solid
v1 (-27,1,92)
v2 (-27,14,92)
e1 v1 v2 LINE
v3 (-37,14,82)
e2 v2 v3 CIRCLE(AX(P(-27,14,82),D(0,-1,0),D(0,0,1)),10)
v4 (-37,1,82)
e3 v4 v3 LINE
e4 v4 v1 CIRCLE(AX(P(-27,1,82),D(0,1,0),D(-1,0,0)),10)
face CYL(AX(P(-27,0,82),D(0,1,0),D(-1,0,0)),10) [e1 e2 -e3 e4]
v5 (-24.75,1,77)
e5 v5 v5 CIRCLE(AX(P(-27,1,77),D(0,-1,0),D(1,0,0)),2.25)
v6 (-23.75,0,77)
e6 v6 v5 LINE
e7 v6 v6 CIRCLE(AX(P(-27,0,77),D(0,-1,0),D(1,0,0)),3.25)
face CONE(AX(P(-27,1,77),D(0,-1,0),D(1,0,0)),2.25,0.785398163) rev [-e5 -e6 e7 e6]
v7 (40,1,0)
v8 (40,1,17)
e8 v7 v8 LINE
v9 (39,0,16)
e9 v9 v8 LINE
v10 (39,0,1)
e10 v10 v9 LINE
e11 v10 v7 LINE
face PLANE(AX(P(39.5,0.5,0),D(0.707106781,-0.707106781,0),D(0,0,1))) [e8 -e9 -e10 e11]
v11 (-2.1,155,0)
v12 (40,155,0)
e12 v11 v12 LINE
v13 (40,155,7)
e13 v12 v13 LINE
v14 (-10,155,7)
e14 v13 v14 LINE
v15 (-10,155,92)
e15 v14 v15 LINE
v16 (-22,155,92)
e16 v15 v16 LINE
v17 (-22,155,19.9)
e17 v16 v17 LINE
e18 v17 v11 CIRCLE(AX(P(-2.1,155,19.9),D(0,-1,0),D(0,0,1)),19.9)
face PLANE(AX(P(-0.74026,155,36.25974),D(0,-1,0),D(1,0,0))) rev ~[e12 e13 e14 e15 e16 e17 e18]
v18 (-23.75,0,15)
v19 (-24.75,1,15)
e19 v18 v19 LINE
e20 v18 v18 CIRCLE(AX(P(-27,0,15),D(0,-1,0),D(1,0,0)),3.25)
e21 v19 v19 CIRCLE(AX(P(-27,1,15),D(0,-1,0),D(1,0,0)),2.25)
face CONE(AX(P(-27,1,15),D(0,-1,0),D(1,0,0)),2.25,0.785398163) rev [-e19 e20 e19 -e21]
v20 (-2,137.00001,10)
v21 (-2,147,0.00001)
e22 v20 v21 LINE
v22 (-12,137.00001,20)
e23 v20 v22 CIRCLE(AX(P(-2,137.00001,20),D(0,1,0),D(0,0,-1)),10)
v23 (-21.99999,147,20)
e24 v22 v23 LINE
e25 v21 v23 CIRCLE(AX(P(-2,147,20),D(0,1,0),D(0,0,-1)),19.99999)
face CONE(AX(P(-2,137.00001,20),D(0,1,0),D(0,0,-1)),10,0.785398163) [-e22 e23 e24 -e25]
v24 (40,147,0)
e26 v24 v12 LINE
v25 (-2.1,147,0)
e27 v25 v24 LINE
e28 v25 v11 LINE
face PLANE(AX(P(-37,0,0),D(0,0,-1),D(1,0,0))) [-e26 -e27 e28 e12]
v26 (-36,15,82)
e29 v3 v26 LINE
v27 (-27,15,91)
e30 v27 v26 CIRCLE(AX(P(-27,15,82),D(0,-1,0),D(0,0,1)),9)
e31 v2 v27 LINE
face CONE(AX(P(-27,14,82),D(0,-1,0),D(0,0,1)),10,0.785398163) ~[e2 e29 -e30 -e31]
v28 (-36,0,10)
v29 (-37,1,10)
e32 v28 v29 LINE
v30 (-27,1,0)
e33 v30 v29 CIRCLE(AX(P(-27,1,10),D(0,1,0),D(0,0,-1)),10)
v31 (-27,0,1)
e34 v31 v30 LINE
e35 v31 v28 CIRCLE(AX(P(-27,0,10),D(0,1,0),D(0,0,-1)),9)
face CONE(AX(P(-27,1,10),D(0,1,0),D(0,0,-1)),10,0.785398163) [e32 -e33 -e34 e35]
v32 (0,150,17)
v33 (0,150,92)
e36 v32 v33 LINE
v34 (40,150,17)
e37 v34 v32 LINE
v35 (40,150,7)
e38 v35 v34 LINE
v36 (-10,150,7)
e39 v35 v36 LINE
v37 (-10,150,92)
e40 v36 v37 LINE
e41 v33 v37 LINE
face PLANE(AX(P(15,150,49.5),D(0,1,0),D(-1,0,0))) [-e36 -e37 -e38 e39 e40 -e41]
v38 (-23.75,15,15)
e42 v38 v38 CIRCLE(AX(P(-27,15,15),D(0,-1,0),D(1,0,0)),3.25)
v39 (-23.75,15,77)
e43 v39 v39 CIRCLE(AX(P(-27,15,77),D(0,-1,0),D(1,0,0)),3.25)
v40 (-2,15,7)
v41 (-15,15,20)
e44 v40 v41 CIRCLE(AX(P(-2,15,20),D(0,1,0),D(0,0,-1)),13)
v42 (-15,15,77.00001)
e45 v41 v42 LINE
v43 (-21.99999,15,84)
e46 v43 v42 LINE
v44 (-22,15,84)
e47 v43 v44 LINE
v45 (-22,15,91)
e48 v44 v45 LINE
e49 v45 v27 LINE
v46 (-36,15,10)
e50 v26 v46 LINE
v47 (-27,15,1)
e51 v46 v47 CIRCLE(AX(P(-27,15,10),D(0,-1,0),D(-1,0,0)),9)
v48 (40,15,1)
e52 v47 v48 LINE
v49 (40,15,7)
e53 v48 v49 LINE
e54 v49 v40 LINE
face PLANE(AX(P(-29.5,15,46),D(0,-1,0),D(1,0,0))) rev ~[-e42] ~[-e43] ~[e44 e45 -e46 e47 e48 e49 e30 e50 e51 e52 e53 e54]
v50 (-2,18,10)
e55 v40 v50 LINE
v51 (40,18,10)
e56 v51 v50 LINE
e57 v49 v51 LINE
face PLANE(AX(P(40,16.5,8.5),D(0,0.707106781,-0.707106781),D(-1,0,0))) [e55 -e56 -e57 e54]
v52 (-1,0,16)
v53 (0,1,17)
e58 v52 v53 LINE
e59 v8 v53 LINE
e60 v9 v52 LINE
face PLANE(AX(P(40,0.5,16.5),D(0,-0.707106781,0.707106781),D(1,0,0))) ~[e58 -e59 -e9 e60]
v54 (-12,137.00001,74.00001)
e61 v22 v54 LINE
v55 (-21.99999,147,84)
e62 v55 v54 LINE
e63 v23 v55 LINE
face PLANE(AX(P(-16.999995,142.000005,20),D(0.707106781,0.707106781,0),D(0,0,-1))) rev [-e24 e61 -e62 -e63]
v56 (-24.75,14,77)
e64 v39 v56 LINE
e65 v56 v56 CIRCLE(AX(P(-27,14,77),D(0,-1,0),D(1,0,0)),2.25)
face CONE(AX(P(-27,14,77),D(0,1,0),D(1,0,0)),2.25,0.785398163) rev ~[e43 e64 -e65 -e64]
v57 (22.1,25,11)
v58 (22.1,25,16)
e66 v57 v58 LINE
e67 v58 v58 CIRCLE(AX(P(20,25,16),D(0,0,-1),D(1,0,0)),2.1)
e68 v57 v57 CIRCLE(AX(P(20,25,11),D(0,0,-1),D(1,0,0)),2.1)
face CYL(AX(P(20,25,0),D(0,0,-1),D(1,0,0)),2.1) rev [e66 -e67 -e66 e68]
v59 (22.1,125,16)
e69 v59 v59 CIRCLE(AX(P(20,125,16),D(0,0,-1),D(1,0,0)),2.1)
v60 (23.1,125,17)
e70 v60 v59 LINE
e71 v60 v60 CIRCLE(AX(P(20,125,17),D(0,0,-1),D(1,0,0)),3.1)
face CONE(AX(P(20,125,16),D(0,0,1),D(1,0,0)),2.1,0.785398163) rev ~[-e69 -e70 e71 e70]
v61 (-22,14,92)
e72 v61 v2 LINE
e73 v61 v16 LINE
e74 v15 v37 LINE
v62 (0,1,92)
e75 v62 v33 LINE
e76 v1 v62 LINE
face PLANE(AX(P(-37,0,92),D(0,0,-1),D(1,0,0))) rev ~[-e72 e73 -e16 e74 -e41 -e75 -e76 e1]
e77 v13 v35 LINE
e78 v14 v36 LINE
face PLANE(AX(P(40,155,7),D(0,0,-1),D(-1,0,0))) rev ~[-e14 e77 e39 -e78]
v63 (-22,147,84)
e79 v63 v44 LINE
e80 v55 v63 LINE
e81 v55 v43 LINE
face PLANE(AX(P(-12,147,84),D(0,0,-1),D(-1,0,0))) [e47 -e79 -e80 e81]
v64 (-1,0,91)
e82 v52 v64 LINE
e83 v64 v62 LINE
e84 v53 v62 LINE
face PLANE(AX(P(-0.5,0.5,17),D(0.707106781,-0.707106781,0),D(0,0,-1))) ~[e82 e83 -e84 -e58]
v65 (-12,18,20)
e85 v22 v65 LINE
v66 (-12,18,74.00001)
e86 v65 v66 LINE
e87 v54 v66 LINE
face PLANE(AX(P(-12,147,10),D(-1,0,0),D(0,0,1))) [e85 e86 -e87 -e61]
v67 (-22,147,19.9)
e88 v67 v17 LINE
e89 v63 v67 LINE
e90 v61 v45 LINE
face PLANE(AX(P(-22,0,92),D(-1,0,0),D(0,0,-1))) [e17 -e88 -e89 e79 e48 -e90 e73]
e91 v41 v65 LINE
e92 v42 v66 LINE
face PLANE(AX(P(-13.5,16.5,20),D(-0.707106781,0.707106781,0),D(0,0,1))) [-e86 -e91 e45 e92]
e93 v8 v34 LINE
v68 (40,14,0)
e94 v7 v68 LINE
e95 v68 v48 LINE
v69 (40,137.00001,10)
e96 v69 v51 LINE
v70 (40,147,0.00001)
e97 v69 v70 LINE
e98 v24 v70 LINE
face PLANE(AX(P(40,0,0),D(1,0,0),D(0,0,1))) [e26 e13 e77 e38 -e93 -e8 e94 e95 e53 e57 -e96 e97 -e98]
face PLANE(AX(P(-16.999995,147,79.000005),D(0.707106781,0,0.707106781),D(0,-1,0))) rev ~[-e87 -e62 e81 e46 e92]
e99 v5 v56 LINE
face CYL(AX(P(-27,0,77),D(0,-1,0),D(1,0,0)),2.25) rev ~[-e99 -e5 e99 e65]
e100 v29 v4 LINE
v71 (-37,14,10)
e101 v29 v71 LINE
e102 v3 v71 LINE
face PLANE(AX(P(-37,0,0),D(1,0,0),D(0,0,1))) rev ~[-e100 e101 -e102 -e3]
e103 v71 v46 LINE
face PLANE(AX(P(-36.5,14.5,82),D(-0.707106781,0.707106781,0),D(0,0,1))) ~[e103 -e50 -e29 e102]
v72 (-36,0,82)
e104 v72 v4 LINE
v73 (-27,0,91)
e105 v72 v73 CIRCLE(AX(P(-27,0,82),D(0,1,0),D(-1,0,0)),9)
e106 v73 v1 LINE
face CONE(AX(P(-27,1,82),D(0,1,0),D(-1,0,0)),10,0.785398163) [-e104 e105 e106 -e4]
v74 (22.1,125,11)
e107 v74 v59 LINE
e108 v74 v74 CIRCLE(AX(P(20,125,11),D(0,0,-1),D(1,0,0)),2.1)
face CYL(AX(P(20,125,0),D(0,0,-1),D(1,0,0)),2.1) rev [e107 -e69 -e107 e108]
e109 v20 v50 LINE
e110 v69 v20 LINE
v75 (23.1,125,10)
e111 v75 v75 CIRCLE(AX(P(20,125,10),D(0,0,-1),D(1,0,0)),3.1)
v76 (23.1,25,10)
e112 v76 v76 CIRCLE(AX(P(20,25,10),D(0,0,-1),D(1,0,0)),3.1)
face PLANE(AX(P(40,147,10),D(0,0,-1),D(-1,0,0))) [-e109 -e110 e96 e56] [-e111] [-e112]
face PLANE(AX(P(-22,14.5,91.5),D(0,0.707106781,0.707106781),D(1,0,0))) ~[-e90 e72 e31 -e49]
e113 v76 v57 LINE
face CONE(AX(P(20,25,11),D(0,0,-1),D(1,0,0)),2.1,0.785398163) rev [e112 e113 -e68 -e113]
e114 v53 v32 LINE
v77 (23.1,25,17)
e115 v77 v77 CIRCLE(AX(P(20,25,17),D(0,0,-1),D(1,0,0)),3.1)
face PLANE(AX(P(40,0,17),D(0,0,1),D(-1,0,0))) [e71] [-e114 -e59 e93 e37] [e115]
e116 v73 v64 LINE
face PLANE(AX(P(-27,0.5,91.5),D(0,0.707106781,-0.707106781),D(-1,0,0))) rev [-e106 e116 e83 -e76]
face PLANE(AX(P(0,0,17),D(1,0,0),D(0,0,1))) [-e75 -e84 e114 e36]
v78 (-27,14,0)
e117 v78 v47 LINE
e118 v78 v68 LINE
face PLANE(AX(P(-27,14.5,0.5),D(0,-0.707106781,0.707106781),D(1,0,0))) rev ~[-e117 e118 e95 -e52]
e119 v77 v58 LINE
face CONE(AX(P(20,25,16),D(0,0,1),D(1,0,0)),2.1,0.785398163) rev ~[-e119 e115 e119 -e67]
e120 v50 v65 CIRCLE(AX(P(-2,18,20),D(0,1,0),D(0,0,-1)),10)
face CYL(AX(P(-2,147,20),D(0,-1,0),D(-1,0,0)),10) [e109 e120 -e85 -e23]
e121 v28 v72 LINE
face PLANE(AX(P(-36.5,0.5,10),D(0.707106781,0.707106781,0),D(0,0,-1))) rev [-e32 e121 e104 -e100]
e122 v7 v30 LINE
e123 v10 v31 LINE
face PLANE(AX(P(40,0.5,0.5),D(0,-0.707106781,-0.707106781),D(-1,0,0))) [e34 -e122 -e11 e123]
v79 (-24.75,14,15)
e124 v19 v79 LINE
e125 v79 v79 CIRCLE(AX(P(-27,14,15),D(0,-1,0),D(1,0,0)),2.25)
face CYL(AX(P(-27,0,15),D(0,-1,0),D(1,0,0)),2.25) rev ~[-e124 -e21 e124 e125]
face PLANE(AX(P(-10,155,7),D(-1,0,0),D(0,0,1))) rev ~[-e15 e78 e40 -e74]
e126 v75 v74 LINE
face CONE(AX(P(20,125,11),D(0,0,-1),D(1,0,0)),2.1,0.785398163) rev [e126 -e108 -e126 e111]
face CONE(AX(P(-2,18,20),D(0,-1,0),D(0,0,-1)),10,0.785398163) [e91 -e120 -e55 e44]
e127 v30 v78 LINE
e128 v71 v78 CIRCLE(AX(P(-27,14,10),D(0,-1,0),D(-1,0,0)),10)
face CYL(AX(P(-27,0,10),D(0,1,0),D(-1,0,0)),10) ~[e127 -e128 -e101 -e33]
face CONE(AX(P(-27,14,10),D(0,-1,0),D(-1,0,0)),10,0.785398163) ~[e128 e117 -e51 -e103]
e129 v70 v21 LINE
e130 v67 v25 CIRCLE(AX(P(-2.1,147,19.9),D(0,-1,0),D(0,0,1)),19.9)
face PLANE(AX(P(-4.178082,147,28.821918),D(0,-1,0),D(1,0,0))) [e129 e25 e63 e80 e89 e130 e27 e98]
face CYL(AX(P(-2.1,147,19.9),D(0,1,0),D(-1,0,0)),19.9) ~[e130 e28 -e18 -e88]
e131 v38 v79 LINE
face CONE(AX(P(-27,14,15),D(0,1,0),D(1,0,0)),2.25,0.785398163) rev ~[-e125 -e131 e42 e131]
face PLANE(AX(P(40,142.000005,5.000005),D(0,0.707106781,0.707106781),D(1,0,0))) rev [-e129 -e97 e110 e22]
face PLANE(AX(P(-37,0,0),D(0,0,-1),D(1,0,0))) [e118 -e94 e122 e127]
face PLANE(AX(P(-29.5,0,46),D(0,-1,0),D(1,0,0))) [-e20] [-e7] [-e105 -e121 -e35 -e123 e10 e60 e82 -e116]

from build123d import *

# Parameters (mm, degrees)
PAD_DEPTH       = 155
SKETCH001_W     = 15
SKETCH001_H     = 92
SKETCH001_R     = 2.25
PAD001_DEPTH    = 15
POCKET_DEPTH    = 132
FILLET_R        = 10
CHAMFER_SIZE    = 9.99999
FILLET001_R     = 19.9
SKETCH004_W     = 50
SKETCH004_H     = 85
POCKET001_DEPTH = 5
CHAMFER001_SIZE = 3
SKETCH005_R     = 2.1
POCKET002_DEPTH = 92.001
CHAMFER002_SIZE = 1
CHAMFER003_SIZE = 1
CHAMFER004_SIZE = 1


with BuildPart() as part:
    # Sketch → Pad (new body)
    with BuildSketch(Plane.XZ):
        Polygon((40, 0), (40, 17), (0, 17), (0, 92), (-22, 92), (-22, 0), align=None)
    extrude(amount=-PAD_DEPTH)

    # Sketch001 → Pad001 (join)
    with BuildSketch(Plane.XZ):
        with Locations((-29.5, 46)):
            Rectangle(SKETCH001_W, SKETCH001_H)
        with Locations((-27, 77)):
            Circle(SKETCH001_R, mode=Mode.SUBTRACT)
        with Locations((-27, 15)):
            Circle(SKETCH001_R, mode=Mode.SUBTRACT)
    extrude(amount=-PAD001_DEPTH)

    # Sketch002 (on Face5 of Pad001) → Pocket (cut)
    with BuildSketch(Plane(origin=(0, 147, 0), x_dir=(-1, 0, 0), z_dir=(0, 1, 0))):
        Polygon((-40, 0), (-40, 10), (12, 10), (12, 84), (22, 84), (22, 0), align=None)
    extrude(amount=-POCKET_DEPTH, mode=Mode.SUBTRACT)

    # Fillet
    fillet_edges = [part.edges().sort_by_distance(p)[0] for p in [
        (-37, 7.5, 0),
        (-37, 7.5, 92),
        (-12, 81, 10),
    ]]
    fillet(fillet_edges, radius=FILLET_R)

    # Chamfer
    chamfer_edges = [part.edges().sort_by_distance(p)[0] for p in [
        (-12, 81, 84),
        (-12, 147, 52),
    ]]
    chamfer(chamfer_edges, length=CHAMFER_SIZE)

    # Fillet001
    fillet001_edges = [part.edges().sort_by_distance(p)[0] for p in [
        (-22, 151, 0),
    ]]
    fillet(fillet001_edges, radius=FILLET001_R)

    # Sketch004 (on Face5 of Fillet001) → Pocket001 (cut)
    with BuildSketch(Plane(origin=(0, 155, 0), x_dir=(-1, 0, 0), z_dir=(0, 1, 0))):
        with Locations((-15, 49.5)):
            Rectangle(SKETCH004_W, SKETCH004_H)
    extrude(amount=-POCKET001_DEPTH, mode=Mode.SUBTRACT)

    # Chamfer001
    chamfer001_edges = [part.edges().sort_by_distance(p)[0] for p in [
        (19, 15, 10),
    ]]
    chamfer(chamfer001_edges, length=CHAMFER001_SIZE)

    # Sketch005 → Pocket002 (cut, through all)
    with BuildSketch(Plane.XY):
        with Locations((20, 25)):
            Circle(SKETCH005_R)
        with Locations((20, 125)):
            Circle(SKETCH005_R)
    extrude(amount=POCKET002_DEPTH, mode=Mode.SUBTRACT)

    # Chamfer002
    chamfer002_edges = [part.edges().sort_by_distance(p)[0] for p in [
        (17.9, 25, 17),
        (17.9, 125, 17),
        (17.9, 125, 10),
        (17.9, 25, 10),
    ]]
    chamfer(chamfer002_edges, length=CHAMFER002_SIZE)

    # Chamfer003
    chamfer003_edges = [part.edges().sort_by_distance(p)[0] for p in [
        (-13.5, 0, 92),
        (-34.071068, 0, 89.071068),
        (0, 0, 54.5),
        (-37, 0, 46),
        (20, 0, 17),
        (-34.071068, 0, 2.928932),
        (40, 0, 8.5),
        (6.5, 0, 0),
        (-29.25, 0, 15),
        (-29.25, 0, 77),
    ]]
    chamfer(chamfer003_edges, length=CHAMFER003_SIZE)

    # Chamfer004
    chamfer004_edges = [part.edges().sort_by_distance(p)[0] for p in [
        (6.5, 15, 0),
        (-29.25, 15, 77),
        (-29.25, 15, 15),
    ]]
    chamfer(chamfer004_edges, length=CHAMFER004_SIZE)


solid = part.part
